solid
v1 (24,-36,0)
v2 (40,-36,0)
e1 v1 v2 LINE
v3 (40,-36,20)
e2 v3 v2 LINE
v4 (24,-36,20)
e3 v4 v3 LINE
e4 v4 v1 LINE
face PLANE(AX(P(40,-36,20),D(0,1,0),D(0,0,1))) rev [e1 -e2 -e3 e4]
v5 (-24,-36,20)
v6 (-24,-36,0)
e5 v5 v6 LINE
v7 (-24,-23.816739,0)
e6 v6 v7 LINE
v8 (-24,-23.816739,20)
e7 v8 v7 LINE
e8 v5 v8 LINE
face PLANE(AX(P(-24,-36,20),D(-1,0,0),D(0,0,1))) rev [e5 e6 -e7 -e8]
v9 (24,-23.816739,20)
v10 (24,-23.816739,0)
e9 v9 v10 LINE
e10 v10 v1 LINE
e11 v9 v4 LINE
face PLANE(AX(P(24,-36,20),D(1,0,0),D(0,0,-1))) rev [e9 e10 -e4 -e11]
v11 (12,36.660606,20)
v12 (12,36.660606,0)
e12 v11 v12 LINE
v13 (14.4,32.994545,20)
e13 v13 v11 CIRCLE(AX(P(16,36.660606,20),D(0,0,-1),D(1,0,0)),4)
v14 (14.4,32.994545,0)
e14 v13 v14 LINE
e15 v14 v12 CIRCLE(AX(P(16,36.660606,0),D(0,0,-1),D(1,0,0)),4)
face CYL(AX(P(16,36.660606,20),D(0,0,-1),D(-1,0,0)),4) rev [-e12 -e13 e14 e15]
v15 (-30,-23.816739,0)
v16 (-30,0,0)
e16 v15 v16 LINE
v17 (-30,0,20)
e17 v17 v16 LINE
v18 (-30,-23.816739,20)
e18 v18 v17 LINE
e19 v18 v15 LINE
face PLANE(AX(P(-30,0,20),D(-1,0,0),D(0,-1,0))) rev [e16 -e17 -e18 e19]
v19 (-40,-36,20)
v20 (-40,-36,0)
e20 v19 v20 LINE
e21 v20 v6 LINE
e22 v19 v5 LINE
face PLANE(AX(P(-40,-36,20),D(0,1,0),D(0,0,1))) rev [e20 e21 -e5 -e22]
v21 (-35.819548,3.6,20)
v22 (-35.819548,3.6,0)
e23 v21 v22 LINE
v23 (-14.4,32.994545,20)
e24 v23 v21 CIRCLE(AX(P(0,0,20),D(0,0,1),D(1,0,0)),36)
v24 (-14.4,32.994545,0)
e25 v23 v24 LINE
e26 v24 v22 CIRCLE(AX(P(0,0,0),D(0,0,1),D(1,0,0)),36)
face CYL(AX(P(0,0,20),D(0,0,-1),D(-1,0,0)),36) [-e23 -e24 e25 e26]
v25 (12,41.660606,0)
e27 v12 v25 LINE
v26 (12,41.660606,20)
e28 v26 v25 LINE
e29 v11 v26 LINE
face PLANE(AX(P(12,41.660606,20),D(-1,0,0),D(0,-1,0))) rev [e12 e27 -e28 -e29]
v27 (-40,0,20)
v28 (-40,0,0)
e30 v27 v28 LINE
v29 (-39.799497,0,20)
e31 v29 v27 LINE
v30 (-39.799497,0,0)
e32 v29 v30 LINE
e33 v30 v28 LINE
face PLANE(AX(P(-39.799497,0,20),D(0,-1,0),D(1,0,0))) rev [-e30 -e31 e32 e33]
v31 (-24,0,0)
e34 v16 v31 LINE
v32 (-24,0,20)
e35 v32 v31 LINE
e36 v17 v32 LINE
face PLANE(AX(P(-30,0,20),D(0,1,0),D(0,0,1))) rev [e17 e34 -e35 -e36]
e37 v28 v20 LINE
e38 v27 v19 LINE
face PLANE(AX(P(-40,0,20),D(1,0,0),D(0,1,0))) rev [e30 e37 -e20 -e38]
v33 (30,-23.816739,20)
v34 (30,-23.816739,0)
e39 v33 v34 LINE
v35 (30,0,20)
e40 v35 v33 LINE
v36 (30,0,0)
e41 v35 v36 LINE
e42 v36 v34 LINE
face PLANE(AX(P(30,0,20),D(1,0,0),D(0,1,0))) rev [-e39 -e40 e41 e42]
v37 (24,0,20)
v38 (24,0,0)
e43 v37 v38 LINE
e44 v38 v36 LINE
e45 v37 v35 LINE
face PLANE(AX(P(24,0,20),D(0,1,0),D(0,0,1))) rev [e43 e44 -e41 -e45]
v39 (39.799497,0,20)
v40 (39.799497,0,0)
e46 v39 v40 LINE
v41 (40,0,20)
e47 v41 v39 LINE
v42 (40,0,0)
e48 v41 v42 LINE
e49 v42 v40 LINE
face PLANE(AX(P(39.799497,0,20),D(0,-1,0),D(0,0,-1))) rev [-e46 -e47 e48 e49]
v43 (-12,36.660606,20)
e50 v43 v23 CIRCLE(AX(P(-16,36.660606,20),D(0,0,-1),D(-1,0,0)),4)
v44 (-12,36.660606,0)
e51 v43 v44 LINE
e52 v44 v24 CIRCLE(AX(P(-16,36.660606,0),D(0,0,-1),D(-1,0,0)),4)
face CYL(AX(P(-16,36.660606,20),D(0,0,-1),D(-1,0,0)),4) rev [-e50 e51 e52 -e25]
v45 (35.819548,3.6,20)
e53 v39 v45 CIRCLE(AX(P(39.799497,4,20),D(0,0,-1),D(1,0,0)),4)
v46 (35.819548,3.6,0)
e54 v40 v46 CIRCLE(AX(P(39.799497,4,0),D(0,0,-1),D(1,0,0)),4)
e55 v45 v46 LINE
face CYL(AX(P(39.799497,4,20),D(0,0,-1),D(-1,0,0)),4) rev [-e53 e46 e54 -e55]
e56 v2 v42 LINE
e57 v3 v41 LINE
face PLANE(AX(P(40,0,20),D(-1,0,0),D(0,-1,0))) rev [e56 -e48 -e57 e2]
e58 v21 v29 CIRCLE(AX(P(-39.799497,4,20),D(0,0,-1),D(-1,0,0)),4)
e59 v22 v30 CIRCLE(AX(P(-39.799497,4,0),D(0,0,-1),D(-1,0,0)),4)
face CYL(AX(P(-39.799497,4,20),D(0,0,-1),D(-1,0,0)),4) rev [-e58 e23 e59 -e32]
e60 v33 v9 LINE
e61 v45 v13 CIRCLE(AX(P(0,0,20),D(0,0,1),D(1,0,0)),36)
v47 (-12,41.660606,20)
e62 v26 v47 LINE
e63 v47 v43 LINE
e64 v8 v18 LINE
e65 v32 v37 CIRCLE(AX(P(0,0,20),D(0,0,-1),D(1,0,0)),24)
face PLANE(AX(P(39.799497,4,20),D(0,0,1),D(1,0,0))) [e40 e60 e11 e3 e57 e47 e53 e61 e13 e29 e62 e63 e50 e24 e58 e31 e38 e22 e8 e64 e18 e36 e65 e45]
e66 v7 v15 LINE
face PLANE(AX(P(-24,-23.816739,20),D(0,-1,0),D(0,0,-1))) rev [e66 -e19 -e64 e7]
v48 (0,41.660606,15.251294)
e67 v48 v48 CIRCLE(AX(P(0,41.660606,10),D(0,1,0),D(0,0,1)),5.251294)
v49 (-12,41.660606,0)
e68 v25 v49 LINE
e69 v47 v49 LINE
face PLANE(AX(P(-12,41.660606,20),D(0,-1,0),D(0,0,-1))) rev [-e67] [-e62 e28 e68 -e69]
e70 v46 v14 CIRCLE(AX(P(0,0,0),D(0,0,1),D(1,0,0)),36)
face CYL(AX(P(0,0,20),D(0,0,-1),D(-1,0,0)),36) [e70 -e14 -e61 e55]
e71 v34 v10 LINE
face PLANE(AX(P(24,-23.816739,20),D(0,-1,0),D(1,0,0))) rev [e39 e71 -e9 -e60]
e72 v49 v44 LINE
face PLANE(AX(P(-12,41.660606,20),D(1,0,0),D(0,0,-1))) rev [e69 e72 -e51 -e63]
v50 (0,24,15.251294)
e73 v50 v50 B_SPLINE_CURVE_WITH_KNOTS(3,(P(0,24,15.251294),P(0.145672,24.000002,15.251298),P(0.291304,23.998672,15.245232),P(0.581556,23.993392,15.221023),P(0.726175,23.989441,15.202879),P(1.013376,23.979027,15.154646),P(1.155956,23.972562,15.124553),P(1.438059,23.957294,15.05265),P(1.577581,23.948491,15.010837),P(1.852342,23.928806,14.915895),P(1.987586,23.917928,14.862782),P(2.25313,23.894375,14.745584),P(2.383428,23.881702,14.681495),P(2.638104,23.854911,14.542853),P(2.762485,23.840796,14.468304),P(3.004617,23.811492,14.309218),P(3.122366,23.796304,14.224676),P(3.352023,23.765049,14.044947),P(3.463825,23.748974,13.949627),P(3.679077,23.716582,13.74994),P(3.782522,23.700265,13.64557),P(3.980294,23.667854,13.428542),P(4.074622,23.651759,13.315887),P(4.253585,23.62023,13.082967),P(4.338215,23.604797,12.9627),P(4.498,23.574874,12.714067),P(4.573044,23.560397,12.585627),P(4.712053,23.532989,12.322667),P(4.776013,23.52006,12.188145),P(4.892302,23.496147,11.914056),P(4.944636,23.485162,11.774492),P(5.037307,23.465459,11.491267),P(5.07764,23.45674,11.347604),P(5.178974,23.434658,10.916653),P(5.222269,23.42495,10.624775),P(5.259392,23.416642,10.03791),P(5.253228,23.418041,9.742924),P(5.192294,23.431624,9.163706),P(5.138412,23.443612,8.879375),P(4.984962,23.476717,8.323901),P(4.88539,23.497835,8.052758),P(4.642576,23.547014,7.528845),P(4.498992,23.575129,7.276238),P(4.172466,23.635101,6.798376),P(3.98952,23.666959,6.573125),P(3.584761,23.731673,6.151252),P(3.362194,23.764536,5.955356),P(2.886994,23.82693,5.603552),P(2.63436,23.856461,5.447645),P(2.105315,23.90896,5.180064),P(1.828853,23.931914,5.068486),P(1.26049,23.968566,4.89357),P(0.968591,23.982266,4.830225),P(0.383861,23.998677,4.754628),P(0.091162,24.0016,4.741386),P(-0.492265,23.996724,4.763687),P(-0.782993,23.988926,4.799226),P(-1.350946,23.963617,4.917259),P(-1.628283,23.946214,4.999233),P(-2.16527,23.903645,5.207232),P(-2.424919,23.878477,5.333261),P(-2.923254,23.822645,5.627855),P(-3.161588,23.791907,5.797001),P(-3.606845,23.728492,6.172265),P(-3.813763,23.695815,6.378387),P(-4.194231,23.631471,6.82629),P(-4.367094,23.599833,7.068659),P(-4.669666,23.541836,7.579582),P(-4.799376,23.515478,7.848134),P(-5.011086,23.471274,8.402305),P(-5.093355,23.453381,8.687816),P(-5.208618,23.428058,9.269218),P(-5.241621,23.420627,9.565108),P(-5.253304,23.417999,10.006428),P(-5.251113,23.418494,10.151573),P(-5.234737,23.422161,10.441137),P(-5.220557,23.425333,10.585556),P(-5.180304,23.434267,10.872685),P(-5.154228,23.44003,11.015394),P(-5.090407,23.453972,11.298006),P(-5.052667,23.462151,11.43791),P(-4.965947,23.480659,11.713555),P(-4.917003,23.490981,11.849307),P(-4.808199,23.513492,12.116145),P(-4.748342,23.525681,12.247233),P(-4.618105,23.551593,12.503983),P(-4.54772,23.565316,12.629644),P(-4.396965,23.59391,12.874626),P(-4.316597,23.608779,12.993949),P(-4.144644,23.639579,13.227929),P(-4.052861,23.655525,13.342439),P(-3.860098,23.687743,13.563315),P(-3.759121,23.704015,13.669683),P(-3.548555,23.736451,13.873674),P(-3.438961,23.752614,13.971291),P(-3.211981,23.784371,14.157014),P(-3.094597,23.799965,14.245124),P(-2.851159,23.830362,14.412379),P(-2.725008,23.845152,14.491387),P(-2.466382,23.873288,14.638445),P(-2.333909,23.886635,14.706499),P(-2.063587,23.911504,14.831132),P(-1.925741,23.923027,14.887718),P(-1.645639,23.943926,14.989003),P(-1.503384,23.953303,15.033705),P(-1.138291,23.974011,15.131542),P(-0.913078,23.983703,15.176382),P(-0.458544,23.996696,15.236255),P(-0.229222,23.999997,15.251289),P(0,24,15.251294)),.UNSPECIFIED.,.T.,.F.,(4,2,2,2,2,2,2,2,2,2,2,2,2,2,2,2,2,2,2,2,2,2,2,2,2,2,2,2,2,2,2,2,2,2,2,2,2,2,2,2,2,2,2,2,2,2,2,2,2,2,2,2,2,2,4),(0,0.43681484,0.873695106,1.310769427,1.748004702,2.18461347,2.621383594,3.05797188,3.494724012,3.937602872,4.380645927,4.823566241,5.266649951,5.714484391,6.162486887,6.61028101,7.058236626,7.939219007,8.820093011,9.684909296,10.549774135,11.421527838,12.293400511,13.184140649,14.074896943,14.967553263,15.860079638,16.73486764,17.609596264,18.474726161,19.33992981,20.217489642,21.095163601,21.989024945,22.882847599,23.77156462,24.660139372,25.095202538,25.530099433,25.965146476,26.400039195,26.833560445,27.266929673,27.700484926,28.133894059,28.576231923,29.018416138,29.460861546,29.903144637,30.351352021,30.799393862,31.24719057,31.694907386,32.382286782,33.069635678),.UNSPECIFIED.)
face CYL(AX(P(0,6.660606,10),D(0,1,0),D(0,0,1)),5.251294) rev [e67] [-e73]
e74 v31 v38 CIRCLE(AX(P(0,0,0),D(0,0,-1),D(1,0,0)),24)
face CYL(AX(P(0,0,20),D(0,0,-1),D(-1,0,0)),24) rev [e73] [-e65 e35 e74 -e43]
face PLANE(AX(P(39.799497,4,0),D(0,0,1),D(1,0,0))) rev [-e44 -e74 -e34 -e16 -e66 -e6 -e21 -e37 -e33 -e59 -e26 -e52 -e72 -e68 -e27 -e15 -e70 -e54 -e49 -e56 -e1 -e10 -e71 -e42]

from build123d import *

# Parameters (mm, degrees)
Y_KSEKLIK_EKSTR_ZYON1_DEPTH = 20
IZIM2_R                     = 5.251294355
KES_EKSTR_ZYON1_DEPTH       = 35


with BuildPart() as part:
    # Çizim1 → Yükseklik-Ekstrüzyon1 (new body)
    with BuildSketch(Plane.XY):
        with BuildLine():
            Line((39.799497484, 0), (40, 0))
            Line((40, 0), (40, -36))
            Line((40, -36), (24, -36))
            Line((24, -36), (24, -23.81673939))
            Line((24, -23.81673939), (30, -23.81673939))
            Line((30, -23.81673939), (30, 0))
            Line((30, 0), (24, 0))
            ThreePointArc((24, 0), (0, 24), (-24, 0))
            Line((-24, 0), (-30, 0))
            Line((-30, 0), (-30, -23.81673939))
            Line((-30, -23.81673939), (-24, -23.81673939))
            Line((-24, -23.81673939), (-24, -36))
            Line((-24, -36), (-40, -36))
            Line((-40, -36), (-40, 0))
            Line((-40, 0), (-39.799497484, 0))
            ThreePointArc((-39.799497484, 0), (-37.116215911, 1.033520605), (-35.819547736, 3.6))
            ThreePointArc((-35.819547736, 3.6), (-29.094854574, 21.201165942), (-14.4, 32.994545004))
            ThreePointArc((-14.4, 32.994545004), (-12.653359894, 34.46971533), (-12, 36.66060556))
            Line((-12, 36.66060556), (-12, 41.66060556))
            Line((-12, 41.66060556), (12, 41.66060556))
            Line((12, 41.66060556), (12, 36.66060556))
            ThreePointArc((12, 36.66060556), (12.653359894, 34.46971533), (14.4, 32.994545004))
            ThreePointArc((14.4, 32.994545004), (29.094854574, 21.201165942), (35.819547736, 3.6))
            ThreePointArc((35.819547736, 3.6), (37.116215911, 1.033520605), (39.799497484, 0))
        make_face()
    extrude(amount=Y_KSEKLIK_EKSTR_ZYON1_DEPTH)

    # Çizim2 → Kes-Ekstrüzyon1 (cut)
    with BuildSketch(Plane(origin=(0, 41.66060556, 0), x_dir=(1, 0, 0), z_dir=(0, 1, 0))):
        with Locations((0, -10)):
            Circle(IZIM2_R)
    extrude(amount=-KES_EKSTR_ZYON1_DEPTH, mode=Mode.SUBTRACT)


solid = part.part
